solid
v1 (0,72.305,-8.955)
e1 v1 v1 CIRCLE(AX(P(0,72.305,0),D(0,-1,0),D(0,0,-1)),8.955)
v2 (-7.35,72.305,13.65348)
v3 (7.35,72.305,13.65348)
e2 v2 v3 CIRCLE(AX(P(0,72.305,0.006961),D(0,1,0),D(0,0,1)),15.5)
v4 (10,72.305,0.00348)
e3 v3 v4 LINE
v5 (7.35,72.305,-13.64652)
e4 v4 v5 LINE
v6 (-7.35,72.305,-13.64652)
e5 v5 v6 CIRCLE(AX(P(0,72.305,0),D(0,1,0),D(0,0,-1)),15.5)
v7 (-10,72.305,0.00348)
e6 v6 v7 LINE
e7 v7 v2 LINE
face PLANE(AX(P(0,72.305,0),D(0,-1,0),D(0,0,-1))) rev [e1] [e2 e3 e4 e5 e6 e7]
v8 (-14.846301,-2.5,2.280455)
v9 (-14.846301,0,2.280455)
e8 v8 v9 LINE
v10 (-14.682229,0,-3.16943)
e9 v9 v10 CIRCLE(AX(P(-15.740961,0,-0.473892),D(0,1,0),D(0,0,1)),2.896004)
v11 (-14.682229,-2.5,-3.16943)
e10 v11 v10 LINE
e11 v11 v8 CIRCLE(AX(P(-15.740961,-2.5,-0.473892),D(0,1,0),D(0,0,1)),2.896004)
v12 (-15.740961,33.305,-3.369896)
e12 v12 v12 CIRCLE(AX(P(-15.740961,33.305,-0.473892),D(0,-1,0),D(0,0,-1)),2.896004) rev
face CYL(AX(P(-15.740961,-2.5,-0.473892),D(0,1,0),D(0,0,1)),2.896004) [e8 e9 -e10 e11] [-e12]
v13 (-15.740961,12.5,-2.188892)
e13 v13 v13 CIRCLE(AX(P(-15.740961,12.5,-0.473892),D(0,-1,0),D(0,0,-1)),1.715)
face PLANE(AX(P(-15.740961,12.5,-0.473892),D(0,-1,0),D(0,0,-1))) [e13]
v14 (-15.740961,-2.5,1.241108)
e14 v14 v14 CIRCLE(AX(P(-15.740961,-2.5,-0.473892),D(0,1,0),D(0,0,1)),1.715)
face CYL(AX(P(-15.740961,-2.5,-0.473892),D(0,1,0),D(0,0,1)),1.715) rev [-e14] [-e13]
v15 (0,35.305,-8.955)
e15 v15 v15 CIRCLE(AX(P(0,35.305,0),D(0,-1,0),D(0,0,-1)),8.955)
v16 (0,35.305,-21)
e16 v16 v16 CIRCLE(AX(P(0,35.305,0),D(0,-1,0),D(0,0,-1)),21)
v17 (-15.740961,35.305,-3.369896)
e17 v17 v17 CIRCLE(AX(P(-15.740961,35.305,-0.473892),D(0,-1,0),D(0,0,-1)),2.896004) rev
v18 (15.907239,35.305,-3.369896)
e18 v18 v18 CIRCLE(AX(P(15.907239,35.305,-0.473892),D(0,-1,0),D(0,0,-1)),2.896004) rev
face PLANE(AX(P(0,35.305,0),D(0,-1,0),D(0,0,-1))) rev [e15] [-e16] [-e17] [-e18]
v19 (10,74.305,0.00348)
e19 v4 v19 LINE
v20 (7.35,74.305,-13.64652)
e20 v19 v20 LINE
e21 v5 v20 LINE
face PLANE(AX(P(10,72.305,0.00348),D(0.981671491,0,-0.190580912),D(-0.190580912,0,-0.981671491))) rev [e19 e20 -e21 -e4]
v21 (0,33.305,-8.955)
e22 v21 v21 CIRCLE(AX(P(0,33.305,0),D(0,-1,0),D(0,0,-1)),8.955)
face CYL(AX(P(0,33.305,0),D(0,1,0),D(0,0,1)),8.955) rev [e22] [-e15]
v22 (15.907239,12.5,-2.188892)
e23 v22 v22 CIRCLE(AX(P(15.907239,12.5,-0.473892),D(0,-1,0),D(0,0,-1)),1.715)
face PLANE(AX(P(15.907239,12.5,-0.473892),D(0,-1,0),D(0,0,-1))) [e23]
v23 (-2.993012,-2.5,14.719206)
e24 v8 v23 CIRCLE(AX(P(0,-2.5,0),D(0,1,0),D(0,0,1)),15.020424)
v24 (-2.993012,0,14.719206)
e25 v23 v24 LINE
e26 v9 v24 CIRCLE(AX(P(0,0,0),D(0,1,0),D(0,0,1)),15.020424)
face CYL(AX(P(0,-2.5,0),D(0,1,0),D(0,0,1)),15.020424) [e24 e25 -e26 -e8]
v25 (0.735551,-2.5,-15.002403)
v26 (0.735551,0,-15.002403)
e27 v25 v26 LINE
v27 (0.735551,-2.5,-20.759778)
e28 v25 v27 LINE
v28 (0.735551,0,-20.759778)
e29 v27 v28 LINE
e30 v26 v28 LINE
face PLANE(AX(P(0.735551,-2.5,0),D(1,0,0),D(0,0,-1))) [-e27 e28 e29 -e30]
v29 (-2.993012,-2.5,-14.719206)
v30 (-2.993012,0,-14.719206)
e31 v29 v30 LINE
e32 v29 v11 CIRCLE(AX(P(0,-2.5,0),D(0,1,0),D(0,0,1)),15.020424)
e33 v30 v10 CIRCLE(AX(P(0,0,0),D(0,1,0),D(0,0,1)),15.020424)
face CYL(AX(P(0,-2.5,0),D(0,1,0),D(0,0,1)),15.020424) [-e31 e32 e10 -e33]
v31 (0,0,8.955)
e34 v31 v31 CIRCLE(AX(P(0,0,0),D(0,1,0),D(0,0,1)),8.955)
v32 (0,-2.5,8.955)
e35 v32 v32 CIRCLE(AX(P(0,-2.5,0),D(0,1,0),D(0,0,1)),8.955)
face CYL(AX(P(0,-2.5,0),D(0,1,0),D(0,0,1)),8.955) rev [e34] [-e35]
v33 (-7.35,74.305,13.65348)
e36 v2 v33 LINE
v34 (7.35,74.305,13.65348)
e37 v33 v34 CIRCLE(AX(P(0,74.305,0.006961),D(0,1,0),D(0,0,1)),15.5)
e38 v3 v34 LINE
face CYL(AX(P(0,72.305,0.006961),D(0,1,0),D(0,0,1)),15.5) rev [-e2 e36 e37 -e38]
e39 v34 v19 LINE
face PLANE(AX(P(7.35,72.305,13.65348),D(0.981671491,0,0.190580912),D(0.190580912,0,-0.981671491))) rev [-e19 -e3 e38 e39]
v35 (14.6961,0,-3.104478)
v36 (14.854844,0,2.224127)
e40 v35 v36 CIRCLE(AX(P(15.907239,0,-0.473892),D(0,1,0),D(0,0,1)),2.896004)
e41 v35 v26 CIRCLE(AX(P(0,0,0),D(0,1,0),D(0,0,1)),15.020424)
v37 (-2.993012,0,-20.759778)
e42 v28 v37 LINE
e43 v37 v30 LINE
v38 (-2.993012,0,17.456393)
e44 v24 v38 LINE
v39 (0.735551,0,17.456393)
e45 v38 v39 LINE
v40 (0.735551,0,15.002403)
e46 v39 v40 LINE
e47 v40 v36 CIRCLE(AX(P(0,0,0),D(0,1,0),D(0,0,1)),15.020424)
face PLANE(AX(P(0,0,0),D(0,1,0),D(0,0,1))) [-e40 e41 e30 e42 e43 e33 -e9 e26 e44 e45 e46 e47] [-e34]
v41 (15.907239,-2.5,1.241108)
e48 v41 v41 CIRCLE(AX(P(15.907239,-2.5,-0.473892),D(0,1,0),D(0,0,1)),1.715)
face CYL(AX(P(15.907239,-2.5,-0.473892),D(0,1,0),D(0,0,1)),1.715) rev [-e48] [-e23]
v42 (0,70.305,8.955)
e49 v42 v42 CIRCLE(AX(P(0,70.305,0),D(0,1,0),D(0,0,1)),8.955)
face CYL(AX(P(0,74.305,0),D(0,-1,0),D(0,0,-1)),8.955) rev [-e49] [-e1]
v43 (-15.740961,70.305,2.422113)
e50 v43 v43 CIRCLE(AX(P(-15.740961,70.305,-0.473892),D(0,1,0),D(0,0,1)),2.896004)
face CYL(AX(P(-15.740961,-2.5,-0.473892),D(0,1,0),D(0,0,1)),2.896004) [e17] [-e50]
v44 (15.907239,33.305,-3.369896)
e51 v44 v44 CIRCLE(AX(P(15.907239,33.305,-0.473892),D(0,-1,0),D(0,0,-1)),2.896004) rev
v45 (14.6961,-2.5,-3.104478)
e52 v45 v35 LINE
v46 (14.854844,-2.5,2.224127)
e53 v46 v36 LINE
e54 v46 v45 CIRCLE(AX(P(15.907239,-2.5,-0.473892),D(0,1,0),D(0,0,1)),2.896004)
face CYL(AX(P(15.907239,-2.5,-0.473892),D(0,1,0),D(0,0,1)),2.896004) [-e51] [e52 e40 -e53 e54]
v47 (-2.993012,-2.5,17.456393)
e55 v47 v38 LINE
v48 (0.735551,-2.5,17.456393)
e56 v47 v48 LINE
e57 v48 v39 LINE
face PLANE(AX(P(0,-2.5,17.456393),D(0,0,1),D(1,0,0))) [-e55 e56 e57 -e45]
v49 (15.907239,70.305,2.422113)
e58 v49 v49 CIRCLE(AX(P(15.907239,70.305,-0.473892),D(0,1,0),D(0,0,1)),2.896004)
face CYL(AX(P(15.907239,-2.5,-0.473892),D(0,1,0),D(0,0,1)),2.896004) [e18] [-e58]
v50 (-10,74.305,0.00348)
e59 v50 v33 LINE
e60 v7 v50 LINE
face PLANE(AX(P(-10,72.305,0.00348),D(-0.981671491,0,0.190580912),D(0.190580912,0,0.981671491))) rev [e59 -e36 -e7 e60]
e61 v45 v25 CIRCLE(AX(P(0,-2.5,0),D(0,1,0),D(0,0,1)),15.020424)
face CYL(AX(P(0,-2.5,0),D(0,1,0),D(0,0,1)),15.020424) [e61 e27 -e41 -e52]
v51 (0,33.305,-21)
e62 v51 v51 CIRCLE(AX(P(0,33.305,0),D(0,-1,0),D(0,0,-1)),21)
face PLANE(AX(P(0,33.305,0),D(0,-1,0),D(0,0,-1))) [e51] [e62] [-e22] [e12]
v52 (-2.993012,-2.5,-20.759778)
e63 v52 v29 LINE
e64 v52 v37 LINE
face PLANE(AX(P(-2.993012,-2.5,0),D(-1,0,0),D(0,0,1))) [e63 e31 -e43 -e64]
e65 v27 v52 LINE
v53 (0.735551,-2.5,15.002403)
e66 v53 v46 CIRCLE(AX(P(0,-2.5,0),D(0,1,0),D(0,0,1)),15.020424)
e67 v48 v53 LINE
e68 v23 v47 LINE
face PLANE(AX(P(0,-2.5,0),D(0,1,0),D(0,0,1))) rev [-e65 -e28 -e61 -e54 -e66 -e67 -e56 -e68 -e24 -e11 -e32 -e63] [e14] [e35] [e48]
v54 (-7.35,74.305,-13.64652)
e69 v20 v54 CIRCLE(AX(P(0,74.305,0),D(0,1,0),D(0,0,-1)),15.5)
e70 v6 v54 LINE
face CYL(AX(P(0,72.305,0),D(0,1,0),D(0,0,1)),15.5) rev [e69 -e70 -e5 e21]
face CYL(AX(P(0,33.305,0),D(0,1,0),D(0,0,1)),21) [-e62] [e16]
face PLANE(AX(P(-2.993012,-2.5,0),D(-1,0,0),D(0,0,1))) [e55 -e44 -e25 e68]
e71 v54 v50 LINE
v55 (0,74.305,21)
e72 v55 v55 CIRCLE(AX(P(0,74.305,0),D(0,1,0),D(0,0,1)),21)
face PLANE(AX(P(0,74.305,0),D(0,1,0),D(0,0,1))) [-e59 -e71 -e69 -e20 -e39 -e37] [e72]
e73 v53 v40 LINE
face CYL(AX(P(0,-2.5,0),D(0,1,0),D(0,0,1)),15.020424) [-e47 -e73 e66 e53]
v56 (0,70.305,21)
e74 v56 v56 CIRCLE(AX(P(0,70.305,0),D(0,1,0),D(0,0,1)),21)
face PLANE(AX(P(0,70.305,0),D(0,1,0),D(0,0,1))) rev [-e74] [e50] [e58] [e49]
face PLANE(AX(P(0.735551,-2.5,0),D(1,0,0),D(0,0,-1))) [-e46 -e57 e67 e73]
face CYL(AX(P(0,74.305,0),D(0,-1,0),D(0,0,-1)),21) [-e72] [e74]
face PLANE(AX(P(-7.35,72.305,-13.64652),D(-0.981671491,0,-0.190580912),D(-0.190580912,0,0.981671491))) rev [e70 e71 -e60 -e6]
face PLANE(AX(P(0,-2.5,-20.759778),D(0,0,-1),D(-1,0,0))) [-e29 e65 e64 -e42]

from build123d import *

# Parameters (mm, degrees)
SKETCH2_R           = 1.715
SKETCH2_R_2         = 8.955
BOSS_EXTRUDE1_DEPTH = 2.5
BOSS_EXTRUDE2_START = 70.305
SKETCH3_R           = 1.715
SKETCH3_R_2         = 2.896004293
BOSS_EXTRUDE2_DEPTH = 70.305
BOSS_EXTRUDE3_START = 4
SKETCH4_R           = 21
SKETCH4_R_2         = 8.955
BOSS_EXTRUDE3_DEPTH = 4
CUT_EXTRUDE1_DEPTH  = 2
SKETCH6_R           = 21
SKETCH6_R_2         = 8.955
BOSS_EXTRUDE4_DEPTH = 2
CUT_EXTRUDE2_START  = -15
SKETCH7_R           = 1.715
CUT_EXTRUDE2_DEPTH  = 15


with BuildPart() as part:
    # Sketch2 → Boss-Extrude1 (new body)
    with BuildSketch(Plane(origin=(0, 0, 0), x_dir=(1, 0, 0), z_dir=(0, 1, 0))):
        with BuildLine():
            ThreePointArc((14.854844323, -2.224127391), (18.801958936, 0.560128045), (14.69610016, 3.104477828))
            ThreePointArc((14.69610016, 3.104477828), (9.742901135, 11.431929845), (0.735551003, 15.002403382))
            Line((0.735551003, 15.002403382), (0.735551003, 20.759778141))
            Line((0.735551003, 20.759778141), (-2.9930124, 20.759778141))
            Line((-2.9930124, 20.759778141), (-2.9930124, 14.719205797))
            ThreePointArc((-2.9930124, 14.719205797), (-10.557124207, 10.684580992), (-14.68222924, 3.169430082))
            ThreePointArc((-14.68222924, 3.169430082), (-18.635653921, 0.561038173), (-14.846301483, -2.280454949))
            ThreePointArc((-14.846301483, -2.280454949), (-10.873863647, -10.362057319), (-2.9930124, -14.719205797))
            Line((-2.9930124, -14.719205797), (-2.9930124, -17.45639334))
            Line((-2.9930124, -17.45639334), (0.735551003, -17.45639334))
            Line((0.735551003, -17.45639334), (0.735551003, -15.002403382))
            ThreePointArc((0.735551003, -15.002403382), (10.078997516, -11.136738821), (14.854844323, -2.224127391))
        make_face()
        with Locations(Location((15.90723889, 0.473891612, 0), (0, 0, 270))):
            Circle(SKETCH2_R, mode=Mode.SUBTRACT)
        with Locations(Location((-15.740961132, 0.473891612, 0), (0, 0, 270))):
            Circle(SKETCH2_R, mode=Mode.SUBTRACT)
        with Locations(Location((0, 0, 0), (0, 0, 270))):
            Circle(SKETCH2_R_2, mode=Mode.SUBTRACT)
    extrude(amount=-BOSS_EXTRUDE1_DEPTH)

    # Sketch3 → Boss-Extrude2 (add)
    # profile 1 of 3: a face of its own
    with BuildSketch(Plane(origin=(0, 0, 0), x_dir=(1, 0, 0), z_dir=(0, 1, 0)).offset(BOSS_EXTRUDE2_START)):
        with BuildLine():
            ThreePointArc((14.854844323, -2.224127391), (17.541114907, -1.917193921), (18.803243183, 0.473891612))
            ThreePointArc((18.803243183, 0.473891612), (17.469189258, 2.912569924), (14.69610016, 3.104477828))
            ThreePointArc((14.69610016, 3.104477828), (13.012518845, 0.387655178), (14.854844323, -2.224127391))
        make_face()
        with Locations(Location((15.90723889, 0.473891612, 0), (0, 0, 270))):
            Circle(SKETCH3_R, mode=Mode.SUBTRACT)
    # profile 2 of 3: a face of its own
    with BuildSketch(Plane(origin=(0, 0, 0), x_dir=(1, 0, 0), z_dir=(0, 1, 0)).offset(BOSS_EXTRUDE2_START)):
        with Locations(Location((15.90723889, 0.473891612, 0), (0, 0, 270))):
            Circle(SKETCH3_R)
    # profile 3 of 3: a face of its own
    with BuildSketch(Plane(origin=(0, 0, 0), x_dir=(1, 0, 0), z_dir=(0, 1, 0)).offset(BOSS_EXTRUDE2_START)):
        with Locations(Location((-15.740961132, 0.473891612, 0), (0, 0, 270))):
            Circle(SKETCH3_R_2)
    extrude(amount=-BOSS_EXTRUDE2_DEPTH)

    # Sketch4 → Boss-Extrude3 (add)
    with BuildSketch(Plane(origin=(0, 70.305, 0), x_dir=(1, 0, 0), z_dir=(0, 1, 0)).offset(BOSS_EXTRUDE3_START)):
        with Locations(Location((0, 0, 0), (0, 0, 270))):
            Circle(SKETCH4_R)
        with Locations(Location((0, 0, 0), (0, 0, 270))):
            Circle(SKETCH4_R_2, mode=Mode.SUBTRACT)
    extrude(amount=-BOSS_EXTRUDE3_DEPTH)

    # Sketch5 → Cut-Extrude1 (cut)
    with BuildSketch(Plane(origin=(0, 74.305, 0), x_dir=(1, 0, 0), z_dir=(0, 1, 0))):
        with BuildLine():
            Line((-7.35, 13.646519703), (-10, -0.003480297))
            Line((-10, -0.003480297), (-7.35, -13.653480297))
            ThreePointArc((-7.35, -13.653480297), (0, -15.506960594), (7.35, -13.653480297))
            Line((7.35, -13.653480297), (10, -0.003480297))
            Line((10, -0.003480297), (7.35, 13.646519703))
            ThreePointArc((7.35, 13.646519703), (0, 15.5), (-7.35, 13.646519703))
        make_face()
    extrude(amount=-CUT_EXTRUDE1_DEPTH, mode=Mode.SUBTRACT)

    # Sketch6 → Boss-Extrude4 (add)
    with BuildSketch(Plane(origin=(0, 35.305, 0), x_dir=(-1, 0, 0), z_dir=(0, -1, 0))):
        with Locations(Location((0, 0, 0), (0, 0, 270))):
            Circle(SKETCH6_R)
        with Locations(Location((0, 0, 0), (0, 0, 90))):
            Circle(SKETCH6_R_2, mode=Mode.SUBTRACT)
    extrude(amount=BOSS_EXTRUDE4_DEPTH)

    # Sketch7 → Cut-Extrude2 (cut)
    with BuildSketch(Plane.XZ.offset(2.5).offset(CUT_EXTRUDE2_START)):
        with Locations(Location((-15.740961132, -0.473891612, 0), (0, 0, 90))):
            Circle(SKETCH7_R)
        with Locations(Location((15.90723889, -0.473891612, 0), (0, 0, 90))):
            Circle(SKETCH7_R)
    extrude(amount=CUT_EXTRUDE2_DEPTH, mode=Mode.SUBTRACT)


solid = part.part
